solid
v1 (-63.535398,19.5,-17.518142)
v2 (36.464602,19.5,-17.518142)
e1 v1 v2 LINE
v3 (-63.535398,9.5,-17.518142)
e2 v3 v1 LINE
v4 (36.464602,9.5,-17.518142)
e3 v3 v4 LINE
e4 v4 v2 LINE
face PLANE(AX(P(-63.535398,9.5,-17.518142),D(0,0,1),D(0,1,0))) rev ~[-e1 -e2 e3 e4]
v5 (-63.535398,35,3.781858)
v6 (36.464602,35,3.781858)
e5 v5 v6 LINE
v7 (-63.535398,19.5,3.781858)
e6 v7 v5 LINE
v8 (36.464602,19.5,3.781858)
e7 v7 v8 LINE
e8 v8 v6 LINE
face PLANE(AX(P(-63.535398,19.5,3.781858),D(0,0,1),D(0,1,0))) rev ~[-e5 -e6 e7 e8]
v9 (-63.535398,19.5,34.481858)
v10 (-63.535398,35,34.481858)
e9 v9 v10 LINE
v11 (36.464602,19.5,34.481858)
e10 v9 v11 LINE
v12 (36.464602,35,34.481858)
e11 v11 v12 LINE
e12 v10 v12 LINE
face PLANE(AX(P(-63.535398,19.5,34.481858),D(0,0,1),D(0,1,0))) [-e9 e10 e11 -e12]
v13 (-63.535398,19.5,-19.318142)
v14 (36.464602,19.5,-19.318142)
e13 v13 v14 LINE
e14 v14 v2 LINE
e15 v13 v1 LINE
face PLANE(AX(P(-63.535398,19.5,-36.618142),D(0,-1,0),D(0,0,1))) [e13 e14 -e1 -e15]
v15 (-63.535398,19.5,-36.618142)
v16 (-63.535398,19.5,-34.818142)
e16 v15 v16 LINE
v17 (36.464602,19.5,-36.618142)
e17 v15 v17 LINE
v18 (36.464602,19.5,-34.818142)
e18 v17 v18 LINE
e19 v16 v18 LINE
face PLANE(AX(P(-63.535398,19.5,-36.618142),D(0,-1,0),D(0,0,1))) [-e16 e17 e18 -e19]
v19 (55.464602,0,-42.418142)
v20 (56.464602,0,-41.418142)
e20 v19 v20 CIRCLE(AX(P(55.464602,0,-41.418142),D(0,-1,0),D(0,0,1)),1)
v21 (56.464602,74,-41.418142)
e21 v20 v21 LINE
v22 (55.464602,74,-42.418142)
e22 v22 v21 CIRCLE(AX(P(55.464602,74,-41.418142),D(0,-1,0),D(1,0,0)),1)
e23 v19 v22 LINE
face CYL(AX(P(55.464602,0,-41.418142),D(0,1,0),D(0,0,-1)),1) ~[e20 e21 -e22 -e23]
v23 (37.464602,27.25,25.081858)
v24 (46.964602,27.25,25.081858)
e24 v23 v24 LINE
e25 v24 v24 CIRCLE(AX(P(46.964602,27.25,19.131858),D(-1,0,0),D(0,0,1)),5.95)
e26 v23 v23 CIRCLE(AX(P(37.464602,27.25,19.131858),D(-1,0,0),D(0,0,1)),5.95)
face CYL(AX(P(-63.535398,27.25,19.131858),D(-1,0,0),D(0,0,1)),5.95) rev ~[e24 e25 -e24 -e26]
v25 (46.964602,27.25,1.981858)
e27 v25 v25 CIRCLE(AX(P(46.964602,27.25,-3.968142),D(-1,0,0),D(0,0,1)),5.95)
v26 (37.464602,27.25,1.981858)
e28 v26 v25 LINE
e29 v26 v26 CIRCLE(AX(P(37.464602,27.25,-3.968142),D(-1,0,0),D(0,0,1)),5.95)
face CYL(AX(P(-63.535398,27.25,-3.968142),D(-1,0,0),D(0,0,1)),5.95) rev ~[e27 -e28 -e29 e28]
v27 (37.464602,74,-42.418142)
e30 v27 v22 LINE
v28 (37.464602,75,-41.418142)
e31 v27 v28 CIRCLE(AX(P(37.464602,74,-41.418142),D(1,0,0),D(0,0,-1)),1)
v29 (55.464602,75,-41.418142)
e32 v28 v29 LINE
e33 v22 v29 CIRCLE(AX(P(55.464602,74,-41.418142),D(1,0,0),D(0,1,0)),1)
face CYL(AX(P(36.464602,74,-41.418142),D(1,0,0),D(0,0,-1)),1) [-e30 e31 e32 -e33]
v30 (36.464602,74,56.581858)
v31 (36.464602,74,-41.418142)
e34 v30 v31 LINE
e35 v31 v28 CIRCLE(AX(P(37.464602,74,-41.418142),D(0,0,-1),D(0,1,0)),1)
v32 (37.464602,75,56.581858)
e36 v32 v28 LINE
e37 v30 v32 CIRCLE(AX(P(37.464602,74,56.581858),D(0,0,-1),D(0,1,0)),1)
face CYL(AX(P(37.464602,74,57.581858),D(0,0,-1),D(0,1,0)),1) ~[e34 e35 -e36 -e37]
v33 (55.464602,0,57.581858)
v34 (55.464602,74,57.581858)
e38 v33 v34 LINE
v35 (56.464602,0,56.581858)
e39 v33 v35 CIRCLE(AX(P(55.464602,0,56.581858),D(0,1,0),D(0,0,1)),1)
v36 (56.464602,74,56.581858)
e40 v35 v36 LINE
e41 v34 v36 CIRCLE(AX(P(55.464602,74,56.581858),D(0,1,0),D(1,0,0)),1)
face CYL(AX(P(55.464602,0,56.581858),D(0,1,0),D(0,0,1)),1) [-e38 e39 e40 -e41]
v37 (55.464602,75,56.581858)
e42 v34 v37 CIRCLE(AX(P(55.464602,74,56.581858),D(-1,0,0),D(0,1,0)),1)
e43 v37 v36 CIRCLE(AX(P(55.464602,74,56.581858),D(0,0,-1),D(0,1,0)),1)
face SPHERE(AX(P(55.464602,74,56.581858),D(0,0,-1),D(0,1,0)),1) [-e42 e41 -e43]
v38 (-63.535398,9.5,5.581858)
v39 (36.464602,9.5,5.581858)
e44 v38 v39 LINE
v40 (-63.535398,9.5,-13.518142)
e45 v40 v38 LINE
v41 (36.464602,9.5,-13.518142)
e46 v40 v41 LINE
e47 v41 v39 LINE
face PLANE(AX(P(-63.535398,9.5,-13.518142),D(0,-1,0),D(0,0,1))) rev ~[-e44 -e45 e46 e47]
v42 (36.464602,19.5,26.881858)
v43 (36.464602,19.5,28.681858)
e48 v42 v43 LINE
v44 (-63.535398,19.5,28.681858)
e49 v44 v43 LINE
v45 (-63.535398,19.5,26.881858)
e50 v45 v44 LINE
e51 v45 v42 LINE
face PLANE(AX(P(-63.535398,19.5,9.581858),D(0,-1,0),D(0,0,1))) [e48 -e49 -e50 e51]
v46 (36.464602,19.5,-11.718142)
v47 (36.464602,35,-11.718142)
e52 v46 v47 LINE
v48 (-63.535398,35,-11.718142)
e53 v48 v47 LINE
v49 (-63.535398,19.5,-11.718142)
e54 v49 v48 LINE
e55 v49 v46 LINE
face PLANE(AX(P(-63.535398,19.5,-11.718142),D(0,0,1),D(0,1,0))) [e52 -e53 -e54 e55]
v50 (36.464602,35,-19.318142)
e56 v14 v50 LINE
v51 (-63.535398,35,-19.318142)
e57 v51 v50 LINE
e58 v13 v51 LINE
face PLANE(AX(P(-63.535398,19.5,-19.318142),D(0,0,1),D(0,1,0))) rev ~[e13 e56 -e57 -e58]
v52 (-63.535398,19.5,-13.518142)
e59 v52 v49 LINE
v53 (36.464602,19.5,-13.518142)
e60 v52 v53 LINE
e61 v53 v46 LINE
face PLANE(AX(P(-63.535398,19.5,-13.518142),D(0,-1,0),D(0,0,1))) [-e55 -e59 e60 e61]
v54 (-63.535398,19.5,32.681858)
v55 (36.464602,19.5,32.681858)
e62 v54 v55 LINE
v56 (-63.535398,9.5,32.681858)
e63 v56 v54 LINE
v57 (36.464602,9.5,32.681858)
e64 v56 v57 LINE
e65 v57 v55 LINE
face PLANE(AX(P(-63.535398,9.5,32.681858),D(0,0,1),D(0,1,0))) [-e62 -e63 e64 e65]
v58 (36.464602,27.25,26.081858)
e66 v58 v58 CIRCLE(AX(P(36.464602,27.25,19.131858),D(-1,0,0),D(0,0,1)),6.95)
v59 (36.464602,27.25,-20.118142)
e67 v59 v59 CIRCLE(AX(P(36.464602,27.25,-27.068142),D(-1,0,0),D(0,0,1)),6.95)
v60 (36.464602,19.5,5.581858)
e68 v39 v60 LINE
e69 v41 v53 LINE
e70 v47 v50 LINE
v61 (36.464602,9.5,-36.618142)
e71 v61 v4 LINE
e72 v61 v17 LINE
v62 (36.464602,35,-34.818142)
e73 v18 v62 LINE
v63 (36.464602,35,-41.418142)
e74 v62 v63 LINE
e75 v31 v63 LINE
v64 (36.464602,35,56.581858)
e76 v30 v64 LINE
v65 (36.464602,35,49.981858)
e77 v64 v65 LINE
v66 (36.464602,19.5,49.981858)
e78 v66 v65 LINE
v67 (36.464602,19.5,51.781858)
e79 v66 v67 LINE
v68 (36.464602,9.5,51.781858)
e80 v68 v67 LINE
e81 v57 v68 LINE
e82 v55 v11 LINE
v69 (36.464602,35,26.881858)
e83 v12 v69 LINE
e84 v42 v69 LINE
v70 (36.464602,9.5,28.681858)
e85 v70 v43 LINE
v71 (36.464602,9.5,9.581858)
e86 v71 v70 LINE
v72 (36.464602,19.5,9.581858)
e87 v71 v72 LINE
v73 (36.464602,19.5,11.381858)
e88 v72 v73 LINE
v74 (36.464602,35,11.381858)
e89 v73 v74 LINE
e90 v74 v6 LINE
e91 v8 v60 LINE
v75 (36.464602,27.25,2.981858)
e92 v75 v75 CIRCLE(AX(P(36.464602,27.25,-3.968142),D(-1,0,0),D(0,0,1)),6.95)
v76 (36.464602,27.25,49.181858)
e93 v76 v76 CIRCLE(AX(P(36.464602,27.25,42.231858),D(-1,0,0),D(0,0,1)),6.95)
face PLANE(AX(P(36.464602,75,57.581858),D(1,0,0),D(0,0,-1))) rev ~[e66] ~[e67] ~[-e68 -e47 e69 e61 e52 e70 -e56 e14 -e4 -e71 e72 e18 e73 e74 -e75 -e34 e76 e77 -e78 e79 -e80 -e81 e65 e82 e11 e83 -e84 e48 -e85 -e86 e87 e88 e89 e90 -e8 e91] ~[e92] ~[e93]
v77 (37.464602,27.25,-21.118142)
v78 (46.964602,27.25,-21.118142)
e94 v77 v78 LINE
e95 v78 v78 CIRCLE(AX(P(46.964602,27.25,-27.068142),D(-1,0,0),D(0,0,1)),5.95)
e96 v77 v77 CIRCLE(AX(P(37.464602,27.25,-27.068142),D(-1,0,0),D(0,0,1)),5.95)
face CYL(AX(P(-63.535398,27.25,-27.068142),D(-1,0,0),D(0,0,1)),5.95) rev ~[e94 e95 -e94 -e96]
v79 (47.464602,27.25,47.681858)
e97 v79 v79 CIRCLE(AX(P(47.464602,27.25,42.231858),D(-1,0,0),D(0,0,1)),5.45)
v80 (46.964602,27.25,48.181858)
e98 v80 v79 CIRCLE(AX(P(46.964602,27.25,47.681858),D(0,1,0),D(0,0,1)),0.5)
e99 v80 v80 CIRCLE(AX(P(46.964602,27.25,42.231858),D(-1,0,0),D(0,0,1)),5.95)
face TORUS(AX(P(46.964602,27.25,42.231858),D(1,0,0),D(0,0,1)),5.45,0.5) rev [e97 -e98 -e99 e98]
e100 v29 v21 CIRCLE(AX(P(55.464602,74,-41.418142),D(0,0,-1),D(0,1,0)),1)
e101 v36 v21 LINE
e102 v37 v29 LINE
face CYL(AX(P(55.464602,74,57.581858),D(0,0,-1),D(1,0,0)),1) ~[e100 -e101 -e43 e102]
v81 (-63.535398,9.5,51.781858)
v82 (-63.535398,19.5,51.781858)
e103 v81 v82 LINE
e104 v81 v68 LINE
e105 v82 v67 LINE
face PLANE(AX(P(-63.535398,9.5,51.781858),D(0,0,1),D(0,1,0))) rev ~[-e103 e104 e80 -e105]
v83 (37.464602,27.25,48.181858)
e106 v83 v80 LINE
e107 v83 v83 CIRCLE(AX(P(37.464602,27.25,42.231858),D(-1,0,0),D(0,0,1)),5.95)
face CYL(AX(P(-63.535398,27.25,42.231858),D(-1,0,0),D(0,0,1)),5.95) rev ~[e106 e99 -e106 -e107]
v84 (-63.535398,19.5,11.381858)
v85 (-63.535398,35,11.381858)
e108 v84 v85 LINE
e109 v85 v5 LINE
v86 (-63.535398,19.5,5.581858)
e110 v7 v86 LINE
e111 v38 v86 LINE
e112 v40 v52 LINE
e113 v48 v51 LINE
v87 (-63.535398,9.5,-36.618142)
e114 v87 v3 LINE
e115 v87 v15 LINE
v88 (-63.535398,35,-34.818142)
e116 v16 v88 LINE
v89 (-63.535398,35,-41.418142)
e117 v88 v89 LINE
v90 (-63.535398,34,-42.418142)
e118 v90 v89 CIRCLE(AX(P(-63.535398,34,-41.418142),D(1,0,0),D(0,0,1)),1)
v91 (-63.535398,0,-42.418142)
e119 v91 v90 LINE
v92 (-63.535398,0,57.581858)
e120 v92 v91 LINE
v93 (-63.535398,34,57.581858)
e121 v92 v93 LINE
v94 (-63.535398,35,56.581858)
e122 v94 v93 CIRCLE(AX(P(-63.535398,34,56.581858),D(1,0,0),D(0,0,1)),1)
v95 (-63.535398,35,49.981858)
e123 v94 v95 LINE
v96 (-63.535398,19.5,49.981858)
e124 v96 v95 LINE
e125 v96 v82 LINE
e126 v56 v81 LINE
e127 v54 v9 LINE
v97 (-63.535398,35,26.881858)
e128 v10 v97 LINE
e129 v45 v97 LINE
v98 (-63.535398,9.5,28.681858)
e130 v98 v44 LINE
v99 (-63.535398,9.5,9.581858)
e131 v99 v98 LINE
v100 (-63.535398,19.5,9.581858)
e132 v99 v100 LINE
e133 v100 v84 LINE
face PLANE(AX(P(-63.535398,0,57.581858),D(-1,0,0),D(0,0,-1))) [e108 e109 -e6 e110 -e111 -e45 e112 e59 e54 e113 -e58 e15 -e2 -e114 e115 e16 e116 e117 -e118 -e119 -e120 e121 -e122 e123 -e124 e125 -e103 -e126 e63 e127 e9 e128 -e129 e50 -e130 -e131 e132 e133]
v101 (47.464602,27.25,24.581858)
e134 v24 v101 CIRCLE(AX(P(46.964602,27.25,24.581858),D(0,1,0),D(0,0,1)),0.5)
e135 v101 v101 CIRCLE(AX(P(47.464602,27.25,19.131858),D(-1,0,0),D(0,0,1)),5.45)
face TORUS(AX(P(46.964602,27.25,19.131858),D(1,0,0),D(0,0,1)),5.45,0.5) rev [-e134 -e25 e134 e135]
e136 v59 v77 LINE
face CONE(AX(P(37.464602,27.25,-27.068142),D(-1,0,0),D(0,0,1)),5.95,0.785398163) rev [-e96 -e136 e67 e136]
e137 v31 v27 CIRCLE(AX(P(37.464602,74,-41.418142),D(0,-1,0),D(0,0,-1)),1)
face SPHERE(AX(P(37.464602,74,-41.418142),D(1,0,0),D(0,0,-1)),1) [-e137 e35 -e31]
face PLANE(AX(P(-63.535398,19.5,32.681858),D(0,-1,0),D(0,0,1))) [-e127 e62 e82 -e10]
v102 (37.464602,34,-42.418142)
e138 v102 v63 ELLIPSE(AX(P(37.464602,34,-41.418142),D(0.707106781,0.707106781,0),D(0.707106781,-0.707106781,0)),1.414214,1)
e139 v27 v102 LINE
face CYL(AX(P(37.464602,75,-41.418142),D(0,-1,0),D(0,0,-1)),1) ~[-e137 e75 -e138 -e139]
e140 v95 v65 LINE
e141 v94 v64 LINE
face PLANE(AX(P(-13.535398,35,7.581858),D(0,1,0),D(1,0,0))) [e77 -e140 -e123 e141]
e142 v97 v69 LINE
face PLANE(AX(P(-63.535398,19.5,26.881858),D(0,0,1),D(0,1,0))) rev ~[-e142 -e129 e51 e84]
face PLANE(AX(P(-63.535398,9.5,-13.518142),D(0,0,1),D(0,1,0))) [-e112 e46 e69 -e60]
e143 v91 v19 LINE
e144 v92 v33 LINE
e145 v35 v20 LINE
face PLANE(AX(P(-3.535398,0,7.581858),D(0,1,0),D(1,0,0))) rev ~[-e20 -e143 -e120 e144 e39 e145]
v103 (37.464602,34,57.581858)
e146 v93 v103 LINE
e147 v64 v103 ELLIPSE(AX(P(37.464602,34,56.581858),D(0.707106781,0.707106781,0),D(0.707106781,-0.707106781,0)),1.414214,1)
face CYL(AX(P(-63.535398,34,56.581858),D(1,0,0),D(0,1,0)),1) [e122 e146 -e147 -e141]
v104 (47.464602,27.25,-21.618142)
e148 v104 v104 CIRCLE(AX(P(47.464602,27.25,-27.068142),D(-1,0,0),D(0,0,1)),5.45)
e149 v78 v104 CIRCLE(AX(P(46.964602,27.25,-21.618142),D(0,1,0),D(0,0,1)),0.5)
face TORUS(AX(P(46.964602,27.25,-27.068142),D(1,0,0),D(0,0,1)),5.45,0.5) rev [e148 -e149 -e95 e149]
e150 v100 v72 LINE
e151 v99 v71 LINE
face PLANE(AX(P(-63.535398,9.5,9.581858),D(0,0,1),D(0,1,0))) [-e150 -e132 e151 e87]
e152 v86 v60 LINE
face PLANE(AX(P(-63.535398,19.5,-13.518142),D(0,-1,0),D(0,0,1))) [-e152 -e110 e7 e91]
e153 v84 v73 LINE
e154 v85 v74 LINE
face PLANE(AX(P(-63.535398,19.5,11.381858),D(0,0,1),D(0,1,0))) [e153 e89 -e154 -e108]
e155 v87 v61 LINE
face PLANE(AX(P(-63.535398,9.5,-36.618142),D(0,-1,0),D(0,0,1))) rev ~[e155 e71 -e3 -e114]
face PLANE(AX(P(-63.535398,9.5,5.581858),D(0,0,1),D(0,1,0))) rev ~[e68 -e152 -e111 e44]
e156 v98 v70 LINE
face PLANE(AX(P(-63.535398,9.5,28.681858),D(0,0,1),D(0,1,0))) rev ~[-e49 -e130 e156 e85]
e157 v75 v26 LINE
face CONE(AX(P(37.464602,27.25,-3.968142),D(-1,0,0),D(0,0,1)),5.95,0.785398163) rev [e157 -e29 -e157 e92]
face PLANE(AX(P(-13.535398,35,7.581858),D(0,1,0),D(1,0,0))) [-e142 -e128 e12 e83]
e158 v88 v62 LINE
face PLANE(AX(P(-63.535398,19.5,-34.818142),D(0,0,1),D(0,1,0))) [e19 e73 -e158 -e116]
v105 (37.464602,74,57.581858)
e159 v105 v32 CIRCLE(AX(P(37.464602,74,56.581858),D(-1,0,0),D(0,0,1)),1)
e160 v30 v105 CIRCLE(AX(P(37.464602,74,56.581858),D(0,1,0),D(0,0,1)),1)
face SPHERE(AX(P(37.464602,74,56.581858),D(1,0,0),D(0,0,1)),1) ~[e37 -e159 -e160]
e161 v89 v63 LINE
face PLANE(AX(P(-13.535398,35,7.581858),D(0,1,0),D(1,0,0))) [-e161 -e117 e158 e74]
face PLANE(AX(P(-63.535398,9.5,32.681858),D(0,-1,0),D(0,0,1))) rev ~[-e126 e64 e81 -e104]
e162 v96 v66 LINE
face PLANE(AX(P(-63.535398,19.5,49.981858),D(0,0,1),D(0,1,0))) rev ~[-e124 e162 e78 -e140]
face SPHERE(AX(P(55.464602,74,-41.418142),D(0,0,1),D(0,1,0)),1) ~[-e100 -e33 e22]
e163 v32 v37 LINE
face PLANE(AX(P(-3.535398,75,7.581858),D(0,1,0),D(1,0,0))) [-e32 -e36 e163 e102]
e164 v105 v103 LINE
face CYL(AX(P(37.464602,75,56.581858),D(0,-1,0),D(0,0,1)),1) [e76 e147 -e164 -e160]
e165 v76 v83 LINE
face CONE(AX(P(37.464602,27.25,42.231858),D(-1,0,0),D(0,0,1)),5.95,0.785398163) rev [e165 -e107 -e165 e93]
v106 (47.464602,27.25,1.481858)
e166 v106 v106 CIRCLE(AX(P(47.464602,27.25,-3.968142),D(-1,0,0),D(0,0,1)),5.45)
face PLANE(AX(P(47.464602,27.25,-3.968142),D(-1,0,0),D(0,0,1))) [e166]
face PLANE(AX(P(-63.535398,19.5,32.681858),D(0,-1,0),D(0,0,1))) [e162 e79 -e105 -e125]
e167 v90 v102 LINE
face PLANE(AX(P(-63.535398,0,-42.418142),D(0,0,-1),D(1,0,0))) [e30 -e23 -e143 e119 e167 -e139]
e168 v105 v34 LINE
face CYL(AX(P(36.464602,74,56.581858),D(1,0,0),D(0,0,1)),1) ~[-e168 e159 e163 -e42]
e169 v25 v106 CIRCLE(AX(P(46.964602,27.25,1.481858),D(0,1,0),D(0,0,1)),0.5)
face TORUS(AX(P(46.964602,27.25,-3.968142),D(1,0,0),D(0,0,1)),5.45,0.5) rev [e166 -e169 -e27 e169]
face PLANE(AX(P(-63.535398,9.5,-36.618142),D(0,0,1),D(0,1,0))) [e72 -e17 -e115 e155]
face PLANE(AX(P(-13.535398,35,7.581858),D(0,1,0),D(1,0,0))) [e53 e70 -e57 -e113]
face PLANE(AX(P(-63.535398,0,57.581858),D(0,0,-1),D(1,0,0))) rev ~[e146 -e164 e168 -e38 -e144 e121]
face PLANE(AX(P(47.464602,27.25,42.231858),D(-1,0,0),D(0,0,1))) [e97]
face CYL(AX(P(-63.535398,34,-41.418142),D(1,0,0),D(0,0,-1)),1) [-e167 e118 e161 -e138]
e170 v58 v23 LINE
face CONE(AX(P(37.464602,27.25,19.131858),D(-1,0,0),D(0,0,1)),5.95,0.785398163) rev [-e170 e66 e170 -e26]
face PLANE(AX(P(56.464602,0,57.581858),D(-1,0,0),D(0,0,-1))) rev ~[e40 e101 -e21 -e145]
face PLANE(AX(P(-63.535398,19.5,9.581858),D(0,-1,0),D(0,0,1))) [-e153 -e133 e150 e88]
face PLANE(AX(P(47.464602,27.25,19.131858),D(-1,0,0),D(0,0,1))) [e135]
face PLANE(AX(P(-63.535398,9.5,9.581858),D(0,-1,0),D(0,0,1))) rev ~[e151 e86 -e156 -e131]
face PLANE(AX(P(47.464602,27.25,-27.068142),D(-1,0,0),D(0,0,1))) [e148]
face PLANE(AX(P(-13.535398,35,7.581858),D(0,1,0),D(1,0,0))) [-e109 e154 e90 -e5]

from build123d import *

# Parameters (mm, degrees)
SKETCH1_W           = 120
SKETCH1_H           = 100
BOSS_EXTRUDE1_DEPTH = 75
SKETCH2_W           = 100
SKETCH2_H           = 100
CUT_EXTRUDE1_DEPTH  = 40
SKETCH6_W           = 15.5
SKETCH6_H           = 15.5
CUT_EXTRUDE4_DEPTH  = 100
SKETCH8_W           = 19.1
SKETCH8_H           = 10
CUT_EXTRUDE5_DEPTH  = 100
SKETCH6_3_R         = 5.95
CUT_EXTRUDE6_DEPTH  = 111
FILLET1_R           = 1
CHAMFER1_SIZE       = 1
FILLET2_R           = 0.5


with BuildPart() as part:
    # Sketch1 → Boss-Extrude1 (new body)
    with BuildSketch(Plane(origin=(0, 0, 0), x_dir=(1, 0, 0), z_dir=(0, 1, 0))):
        with Locations((-3.53539823, -7.581858407)):
            Rectangle(SKETCH1_W, SKETCH1_H)
    extrude(amount=BOSS_EXTRUDE1_DEPTH)

    # Sketch2 → Cut-Extrude1 (cut)
    with BuildSketch(Plane(origin=(0, 75, 0), x_dir=(1, 0, 0), z_dir=(0, 1, 0))):
        with Locations((-13.53539823, -7.581858407)):
            Rectangle(SKETCH2_W, SKETCH2_H)
    extrude(amount=-CUT_EXTRUDE1_DEPTH, mode=Mode.SUBTRACT)

    # Sketch6 → Cut-Extrude4 (cut)
    with BuildSketch(Plane.ZY.offset(63.53539823)):
        with Locations((-27.068141593, 27.25)):
            Rectangle(SKETCH6_W, SKETCH6_H)
        with Locations((-3.968141593, 27.25)):
            Rectangle(SKETCH6_W, SKETCH6_H)
        with Locations((19.131858407, 27.25)):
            Rectangle(SKETCH6_W, SKETCH6_H)
        with Locations((42.231858407, 27.25)):
            Rectangle(SKETCH6_W, SKETCH6_H)
    extrude(amount=-CUT_EXTRUDE4_DEPTH, mode=Mode.SUBTRACT)

    # Sketch8 → Cut-Extrude5 (cut)
    with BuildSketch(Plane.ZY.offset(63.53539823)):
        with Locations((-27.068141593, 14.5)):
            Rectangle(SKETCH8_W, SKETCH8_H)
        with Locations((-3.968141593, 14.5)):
            Rectangle(SKETCH8_W, SKETCH8_H)
        with Locations((42.231858407, 14.5)):
            Rectangle(SKETCH8_W, SKETCH8_H)
        with Locations((19.131858407, 14.5)):
            Rectangle(SKETCH8_W, SKETCH8_H)
    extrude(amount=-CUT_EXTRUDE5_DEPTH, mode=Mode.SUBTRACT)

    # Sketch6<3> → Cut-Extrude6 (cut)
    with BuildSketch(Plane.ZY.offset(63.53539823)):
        with Locations((-27.068141593, 27.25)):
            Circle(SKETCH6_3_R)
        with Locations((-3.968141593, 27.25)):
            Circle(SKETCH6_3_R)
        with Locations((42.231858407, 27.25)):
            Circle(SKETCH6_3_R)
        with Locations((19.131858407, 27.25)):
            Circle(SKETCH6_3_R)
    extrude(amount=-CUT_EXTRUDE6_DEPTH, mode=Mode.SUBTRACT)

    # Fillet1
    fillet1_edges = [part.edges().sort_by_distance(p)[0] for p in [
        (56.46460177, 75, 7.581858407),
        (46.46460177, 75, 57.581858407),
        (46.46460177, 75, -42.418141593),
        (-13.53539823, 35, -42.418141593),
        (36.46460177, 55, -42.418141593),
        (-13.53539823, 35, 57.581858407),
        (36.46460177, 55, 57.581858407),
        (36.46460177, 75, 7.581858407),
        (56.46460177, 37.5, -42.418141593),
        (56.46460177, 37.5, 57.581858407),
    ]]
    fillet(fillet1_edges, radius=FILLET1_R)

    # Chamfer1
    chamfer1_edges = [part.edges().sort_by_distance(p)[0] for p in [
        (36.46460177, 27.25, -33.018141593),
        (36.46460177, 27.25, -9.918141593),
        (36.46460177, 27.25, 13.181858407),
        (36.46460177, 27.25, 36.281858407),
    ]]
    chamfer(chamfer1_edges, length=CHAMFER1_SIZE)

    # Fillet2
    fillet2_edges = [part.edges().sort_by_distance(p)[0] for p in [
        (47.46460177, 27.25, -33.018141593),
        (47.46460177, 27.25, -9.918141593),
        (47.46460177, 27.25, 13.181858407),
        (47.46460177, 27.25, 36.281858407),
    ]]
    fillet(fillet2_edges, radius=FILLET2_R)


solid = part.part
